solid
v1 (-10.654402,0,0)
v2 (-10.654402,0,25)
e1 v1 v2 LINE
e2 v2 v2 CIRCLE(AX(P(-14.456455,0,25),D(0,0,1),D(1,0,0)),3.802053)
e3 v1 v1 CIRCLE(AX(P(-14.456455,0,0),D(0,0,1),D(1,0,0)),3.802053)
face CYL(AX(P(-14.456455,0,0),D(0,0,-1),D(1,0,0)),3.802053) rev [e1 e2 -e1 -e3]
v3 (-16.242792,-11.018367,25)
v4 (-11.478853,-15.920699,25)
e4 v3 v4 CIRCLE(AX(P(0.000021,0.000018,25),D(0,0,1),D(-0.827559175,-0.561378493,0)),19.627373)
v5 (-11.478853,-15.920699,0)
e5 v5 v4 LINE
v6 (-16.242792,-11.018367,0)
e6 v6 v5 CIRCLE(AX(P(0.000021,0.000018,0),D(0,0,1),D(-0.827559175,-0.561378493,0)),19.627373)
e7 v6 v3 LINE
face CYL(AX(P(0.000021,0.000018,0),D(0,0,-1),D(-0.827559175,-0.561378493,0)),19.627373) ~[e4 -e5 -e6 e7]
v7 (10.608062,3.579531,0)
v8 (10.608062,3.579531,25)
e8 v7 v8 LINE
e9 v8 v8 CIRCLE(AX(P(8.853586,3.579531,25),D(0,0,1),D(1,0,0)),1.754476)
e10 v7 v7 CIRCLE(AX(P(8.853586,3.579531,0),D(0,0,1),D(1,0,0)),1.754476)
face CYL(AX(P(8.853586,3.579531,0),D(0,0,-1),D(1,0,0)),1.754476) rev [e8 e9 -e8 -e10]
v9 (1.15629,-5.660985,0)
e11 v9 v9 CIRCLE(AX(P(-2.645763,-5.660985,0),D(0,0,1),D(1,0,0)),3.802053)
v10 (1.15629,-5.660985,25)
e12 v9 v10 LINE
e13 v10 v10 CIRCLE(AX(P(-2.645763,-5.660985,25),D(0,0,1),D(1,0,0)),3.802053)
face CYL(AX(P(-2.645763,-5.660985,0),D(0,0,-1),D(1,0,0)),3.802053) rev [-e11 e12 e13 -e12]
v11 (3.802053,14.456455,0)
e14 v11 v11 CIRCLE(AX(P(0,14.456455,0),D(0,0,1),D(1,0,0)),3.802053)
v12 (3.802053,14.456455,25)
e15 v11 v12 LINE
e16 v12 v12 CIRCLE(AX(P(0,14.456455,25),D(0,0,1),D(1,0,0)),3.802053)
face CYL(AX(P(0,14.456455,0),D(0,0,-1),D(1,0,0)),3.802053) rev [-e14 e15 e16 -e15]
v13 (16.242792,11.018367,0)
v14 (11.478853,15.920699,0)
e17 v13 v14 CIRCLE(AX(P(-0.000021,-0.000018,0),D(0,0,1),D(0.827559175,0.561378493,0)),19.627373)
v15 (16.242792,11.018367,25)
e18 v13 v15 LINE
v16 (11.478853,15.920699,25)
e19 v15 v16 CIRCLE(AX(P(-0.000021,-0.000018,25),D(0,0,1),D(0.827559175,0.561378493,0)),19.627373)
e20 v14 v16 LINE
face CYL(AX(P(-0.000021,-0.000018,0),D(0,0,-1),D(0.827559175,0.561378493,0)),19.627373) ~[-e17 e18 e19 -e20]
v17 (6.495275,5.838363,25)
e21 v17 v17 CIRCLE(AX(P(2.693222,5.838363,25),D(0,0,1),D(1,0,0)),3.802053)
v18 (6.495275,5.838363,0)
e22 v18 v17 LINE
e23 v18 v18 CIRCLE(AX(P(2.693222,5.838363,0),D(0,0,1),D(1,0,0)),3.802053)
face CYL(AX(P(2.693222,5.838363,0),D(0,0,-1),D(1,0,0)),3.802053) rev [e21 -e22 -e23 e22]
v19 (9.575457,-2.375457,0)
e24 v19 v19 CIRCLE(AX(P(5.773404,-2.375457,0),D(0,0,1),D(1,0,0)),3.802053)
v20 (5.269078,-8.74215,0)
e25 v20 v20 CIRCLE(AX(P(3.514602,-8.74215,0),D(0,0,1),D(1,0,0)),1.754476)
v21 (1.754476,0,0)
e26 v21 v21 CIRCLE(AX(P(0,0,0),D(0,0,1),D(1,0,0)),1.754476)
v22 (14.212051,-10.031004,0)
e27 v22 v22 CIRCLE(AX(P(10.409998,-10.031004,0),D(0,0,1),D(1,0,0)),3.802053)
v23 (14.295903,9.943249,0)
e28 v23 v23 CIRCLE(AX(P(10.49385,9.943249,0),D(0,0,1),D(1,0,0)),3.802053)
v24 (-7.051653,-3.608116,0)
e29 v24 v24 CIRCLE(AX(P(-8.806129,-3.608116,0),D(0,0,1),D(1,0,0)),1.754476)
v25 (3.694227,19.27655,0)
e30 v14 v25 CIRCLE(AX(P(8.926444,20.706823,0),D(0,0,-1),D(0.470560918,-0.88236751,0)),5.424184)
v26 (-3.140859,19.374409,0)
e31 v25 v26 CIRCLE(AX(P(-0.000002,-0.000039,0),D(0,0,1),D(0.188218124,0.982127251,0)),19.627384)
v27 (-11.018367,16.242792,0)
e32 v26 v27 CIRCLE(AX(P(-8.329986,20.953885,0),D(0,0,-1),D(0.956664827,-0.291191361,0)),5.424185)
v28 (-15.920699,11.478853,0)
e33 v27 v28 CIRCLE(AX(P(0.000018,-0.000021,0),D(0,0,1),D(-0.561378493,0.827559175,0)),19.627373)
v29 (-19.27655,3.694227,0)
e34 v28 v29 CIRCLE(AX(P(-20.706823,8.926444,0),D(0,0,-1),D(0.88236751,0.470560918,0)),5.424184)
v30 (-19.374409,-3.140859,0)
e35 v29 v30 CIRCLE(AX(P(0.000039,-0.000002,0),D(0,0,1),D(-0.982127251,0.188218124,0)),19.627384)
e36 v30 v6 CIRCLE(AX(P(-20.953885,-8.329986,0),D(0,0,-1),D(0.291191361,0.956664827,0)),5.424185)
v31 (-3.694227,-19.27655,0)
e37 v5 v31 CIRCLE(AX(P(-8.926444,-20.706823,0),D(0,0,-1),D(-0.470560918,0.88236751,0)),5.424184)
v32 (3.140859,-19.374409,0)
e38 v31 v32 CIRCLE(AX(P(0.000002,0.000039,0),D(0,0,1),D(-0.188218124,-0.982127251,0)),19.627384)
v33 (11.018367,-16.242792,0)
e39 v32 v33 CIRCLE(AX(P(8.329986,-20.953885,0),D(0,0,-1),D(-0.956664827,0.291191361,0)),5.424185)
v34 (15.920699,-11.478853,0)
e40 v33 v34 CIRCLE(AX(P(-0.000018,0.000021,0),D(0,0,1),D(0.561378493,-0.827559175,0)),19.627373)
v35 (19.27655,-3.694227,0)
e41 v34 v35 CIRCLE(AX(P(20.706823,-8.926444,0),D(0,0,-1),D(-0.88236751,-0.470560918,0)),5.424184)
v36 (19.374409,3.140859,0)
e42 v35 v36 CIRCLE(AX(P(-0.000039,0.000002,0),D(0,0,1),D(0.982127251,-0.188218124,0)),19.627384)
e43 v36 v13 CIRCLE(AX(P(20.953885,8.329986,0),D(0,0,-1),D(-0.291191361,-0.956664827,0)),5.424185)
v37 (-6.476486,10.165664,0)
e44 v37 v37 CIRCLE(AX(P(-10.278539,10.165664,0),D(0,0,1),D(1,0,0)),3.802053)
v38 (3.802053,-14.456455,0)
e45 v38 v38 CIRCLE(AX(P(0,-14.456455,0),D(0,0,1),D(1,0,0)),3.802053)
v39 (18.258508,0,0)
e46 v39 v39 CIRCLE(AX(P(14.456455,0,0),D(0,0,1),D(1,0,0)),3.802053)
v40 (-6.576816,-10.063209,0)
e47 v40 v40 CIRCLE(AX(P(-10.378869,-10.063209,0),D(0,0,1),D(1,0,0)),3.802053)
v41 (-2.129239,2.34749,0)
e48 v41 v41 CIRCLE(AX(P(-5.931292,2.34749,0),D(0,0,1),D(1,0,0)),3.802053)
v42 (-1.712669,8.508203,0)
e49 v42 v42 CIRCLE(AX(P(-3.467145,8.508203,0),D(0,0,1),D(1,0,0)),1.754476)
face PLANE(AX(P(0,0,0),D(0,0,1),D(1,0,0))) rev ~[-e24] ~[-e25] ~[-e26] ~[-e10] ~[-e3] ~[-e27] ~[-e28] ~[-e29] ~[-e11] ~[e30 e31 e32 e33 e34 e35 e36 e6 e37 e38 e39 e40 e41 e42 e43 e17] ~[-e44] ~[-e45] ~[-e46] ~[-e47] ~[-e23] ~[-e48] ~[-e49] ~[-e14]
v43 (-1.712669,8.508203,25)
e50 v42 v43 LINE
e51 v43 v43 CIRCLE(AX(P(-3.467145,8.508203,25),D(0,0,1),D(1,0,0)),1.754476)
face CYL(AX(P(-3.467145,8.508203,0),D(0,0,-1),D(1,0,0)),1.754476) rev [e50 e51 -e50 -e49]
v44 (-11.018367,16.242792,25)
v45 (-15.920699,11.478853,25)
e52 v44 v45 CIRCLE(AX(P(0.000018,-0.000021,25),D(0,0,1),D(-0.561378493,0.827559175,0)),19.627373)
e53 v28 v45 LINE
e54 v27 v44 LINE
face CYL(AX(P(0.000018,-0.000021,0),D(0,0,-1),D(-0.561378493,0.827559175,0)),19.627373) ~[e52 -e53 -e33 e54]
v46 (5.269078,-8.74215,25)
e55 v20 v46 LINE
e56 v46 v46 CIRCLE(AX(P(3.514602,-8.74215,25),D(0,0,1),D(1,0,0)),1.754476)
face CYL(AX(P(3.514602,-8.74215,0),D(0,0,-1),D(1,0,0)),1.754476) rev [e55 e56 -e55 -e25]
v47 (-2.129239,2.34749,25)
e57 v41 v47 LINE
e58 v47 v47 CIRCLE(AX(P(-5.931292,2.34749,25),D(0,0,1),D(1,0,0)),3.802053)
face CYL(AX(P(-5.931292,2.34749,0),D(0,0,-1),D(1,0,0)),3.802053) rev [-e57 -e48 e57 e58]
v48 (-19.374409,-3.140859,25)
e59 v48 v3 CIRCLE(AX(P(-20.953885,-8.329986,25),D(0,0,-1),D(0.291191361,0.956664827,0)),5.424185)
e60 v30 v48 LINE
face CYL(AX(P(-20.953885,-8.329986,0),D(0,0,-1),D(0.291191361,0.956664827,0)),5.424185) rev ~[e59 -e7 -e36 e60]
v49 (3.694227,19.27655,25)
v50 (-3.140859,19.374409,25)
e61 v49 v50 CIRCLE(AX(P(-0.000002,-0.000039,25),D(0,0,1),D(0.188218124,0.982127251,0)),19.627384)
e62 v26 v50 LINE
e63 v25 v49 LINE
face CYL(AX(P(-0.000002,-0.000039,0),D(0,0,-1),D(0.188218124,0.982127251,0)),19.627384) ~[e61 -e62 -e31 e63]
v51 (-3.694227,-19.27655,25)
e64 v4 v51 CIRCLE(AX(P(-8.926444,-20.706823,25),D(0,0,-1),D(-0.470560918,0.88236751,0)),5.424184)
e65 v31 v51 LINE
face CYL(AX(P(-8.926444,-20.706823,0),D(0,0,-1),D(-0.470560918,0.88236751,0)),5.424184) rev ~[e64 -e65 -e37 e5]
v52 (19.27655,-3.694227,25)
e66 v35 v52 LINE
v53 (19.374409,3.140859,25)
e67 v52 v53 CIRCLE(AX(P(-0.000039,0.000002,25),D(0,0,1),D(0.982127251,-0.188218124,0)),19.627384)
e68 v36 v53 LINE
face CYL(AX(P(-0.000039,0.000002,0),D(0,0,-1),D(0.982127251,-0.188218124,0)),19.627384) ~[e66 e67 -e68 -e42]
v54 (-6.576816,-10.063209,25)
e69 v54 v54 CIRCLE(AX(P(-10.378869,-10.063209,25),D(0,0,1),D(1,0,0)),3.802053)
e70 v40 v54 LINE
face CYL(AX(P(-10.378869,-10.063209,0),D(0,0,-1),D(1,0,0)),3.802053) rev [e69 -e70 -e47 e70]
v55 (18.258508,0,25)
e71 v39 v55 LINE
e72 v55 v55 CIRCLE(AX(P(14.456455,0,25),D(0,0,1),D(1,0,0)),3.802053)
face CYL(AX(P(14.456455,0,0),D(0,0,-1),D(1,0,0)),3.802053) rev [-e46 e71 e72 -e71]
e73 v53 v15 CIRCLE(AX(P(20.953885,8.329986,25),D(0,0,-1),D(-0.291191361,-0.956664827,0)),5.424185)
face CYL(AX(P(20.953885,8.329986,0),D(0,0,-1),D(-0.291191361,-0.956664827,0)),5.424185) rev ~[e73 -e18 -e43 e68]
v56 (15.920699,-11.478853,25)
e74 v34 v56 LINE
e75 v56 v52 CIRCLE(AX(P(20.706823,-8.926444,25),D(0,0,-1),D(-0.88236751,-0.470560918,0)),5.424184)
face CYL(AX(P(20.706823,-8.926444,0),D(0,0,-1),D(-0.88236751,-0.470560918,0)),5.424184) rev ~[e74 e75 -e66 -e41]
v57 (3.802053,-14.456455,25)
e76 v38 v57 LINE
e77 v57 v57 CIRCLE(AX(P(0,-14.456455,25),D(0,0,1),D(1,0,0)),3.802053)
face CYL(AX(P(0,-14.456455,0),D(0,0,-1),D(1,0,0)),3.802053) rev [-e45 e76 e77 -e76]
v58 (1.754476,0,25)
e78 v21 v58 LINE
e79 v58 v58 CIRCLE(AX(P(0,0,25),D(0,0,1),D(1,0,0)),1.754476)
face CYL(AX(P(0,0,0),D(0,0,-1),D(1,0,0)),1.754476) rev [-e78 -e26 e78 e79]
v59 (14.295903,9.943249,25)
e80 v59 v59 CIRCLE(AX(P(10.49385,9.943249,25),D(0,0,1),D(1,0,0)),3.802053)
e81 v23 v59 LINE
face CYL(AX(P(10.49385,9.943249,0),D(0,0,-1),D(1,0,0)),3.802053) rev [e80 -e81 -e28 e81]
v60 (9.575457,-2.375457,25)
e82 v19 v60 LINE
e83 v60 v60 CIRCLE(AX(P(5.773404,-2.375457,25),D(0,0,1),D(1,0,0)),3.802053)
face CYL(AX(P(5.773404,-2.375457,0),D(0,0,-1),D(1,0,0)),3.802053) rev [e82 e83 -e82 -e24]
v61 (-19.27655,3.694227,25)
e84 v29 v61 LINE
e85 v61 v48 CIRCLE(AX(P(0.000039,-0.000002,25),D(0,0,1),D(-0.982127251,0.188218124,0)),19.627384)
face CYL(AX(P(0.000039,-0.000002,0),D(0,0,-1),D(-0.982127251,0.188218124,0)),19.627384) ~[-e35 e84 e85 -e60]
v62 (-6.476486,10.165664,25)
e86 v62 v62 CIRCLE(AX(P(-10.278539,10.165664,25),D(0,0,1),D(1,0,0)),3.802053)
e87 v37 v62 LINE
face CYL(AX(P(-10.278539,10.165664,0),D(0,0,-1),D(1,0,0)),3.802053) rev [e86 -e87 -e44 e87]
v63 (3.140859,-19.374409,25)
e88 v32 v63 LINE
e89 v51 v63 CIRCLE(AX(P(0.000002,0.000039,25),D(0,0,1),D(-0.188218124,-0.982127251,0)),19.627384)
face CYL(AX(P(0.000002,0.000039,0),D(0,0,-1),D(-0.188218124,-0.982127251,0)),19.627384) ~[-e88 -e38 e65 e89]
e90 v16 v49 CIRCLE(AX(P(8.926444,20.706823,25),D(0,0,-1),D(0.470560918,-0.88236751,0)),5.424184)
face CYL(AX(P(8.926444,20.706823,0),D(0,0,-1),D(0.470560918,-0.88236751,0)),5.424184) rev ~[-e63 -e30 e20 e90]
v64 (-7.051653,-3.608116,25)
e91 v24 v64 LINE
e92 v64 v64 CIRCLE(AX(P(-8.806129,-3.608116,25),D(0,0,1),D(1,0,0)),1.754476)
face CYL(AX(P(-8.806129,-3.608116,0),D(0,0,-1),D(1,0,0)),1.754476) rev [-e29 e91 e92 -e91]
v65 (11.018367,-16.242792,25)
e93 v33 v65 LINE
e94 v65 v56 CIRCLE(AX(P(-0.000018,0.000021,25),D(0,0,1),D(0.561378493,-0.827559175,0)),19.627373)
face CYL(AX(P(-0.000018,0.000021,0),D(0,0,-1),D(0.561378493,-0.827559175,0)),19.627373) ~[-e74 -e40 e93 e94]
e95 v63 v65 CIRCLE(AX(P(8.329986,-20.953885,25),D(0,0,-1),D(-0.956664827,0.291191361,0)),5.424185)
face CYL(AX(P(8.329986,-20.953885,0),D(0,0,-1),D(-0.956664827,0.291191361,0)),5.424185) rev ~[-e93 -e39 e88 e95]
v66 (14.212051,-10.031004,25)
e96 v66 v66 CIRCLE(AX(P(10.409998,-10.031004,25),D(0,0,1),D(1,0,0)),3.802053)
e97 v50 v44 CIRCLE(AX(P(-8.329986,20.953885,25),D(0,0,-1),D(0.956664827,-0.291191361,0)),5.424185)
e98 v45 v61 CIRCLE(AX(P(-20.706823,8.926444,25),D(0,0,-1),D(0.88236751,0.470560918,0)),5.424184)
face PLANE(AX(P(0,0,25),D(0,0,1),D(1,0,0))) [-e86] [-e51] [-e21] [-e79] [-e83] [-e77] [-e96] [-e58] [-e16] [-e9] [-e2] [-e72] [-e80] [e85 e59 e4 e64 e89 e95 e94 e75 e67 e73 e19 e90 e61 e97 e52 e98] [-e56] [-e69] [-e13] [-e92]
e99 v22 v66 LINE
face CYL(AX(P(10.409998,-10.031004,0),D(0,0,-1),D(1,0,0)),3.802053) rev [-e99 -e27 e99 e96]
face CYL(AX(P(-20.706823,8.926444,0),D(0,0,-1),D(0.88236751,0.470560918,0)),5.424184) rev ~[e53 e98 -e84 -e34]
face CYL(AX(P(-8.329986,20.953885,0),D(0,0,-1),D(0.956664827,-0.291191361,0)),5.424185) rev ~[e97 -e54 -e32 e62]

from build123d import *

# Parameters (mm, degrees)
F0_R     = 3.802053
F0_R_2   = 1.754476
F1_DEPTH = 25


with BuildPart() as f1:
    # F0 (on Top) → F1 (new body)
    with BuildSketch(Plane.XY):
        with BuildLine():
            ThreePointArc((11.478853, 15.920699), (6.779172, 15.725759), (3.694227, 19.27655))
            ThreePointArc((3.694227, 19.27655), (0.280977, 19.625334), (-3.140859, 19.374409))
            ThreePointArc((-3.140859, 19.374409), (-6.326193, 15.913389), (-11.018367, 16.242792))
            ThreePointArc((-11.018367, 16.242792), (-13.678526, 14.075888), (-15.920699, 11.478853))
            ThreePointArc((-15.920699, 11.478853), (-15.725759, 6.779172), (-19.27655, 3.694227))
            ThreePointArc((-19.27655, 3.694227), (-19.625334, 0.280977), (-19.374409, -3.140859))
            ThreePointArc((-19.374409, -3.140859), (-15.913389, -6.326193), (-16.242792, -11.018367))
            ThreePointArc((-16.242792, -11.018367), (-14.075888, -13.678526), (-11.478853, -15.920699))
            ThreePointArc((-11.478853, -15.920699), (-6.779172, -15.725759), (-3.694227, -19.27655))
            ThreePointArc((-3.694227, -19.27655), (-0.280977, -19.625334), (3.140859, -19.374409))
            ThreePointArc((3.140859, -19.374409), (6.326193, -15.913389), (11.018367, -16.242792))
            ThreePointArc((11.018367, -16.242792), (13.678526, -14.075888), (15.920699, -11.478853))
            ThreePointArc((15.920699, -11.478853), (15.725759, -6.779172), (19.27655, -3.694227))
            ThreePointArc((19.27655, -3.694227), (19.625334, -0.280977), (19.374409, 3.140859))
            ThreePointArc((19.374409, 3.140859), (15.913389, 6.326193), (16.242792, 11.018367))
            ThreePointArc((16.242792, 11.018367), (14.075888, 13.678526), (11.478853, 15.920699))
        make_face()
        with Locations((-10.378869, -10.063209)):
            Circle(F0_R, mode=Mode.SUBTRACT)
        with Locations((-2.645763, -5.660985)):
            Circle(F0_R, mode=Mode.SUBTRACT)
        with Locations((-8.806129, -3.608116)):
            Circle(F0_R_2, mode=Mode.SUBTRACT)
        with Locations((0, -14.456455)):
            Circle(F0_R, mode=Mode.SUBTRACT)
        with Locations((10.409998, -10.031004)):
            Circle(F0_R, mode=Mode.SUBTRACT)
        with Locations((3.514602, -8.74215)):
            Circle(F0_R_2, mode=Mode.SUBTRACT)
        with Locations((5.773404, -2.375457)):
            Circle(F0_R, mode=Mode.SUBTRACT)
        with Locations((-14.456455, 0)):
            Circle(F0_R, mode=Mode.SUBTRACT)
        with Locations((-5.931292, 2.34749)):
            Circle(F0_R, mode=Mode.SUBTRACT)
        with Locations((-3.467145, 8.508203)):
            Circle(F0_R_2, mode=Mode.SUBTRACT)
        with Locations((-10.278539, 10.165664)):
            Circle(F0_R, mode=Mode.SUBTRACT)
        Circle(F0_R_2, mode=Mode.SUBTRACT)
        with Locations((8.853586, 3.579531)):
            Circle(F0_R_2, mode=Mode.SUBTRACT)
        with Locations((2.693222, 5.838363)):
            Circle(F0_R, mode=Mode.SUBTRACT)
        with Locations((14.456455, 0)):
            Circle(F0_R, mode=Mode.SUBTRACT)
        with Locations((0, 14.456455)):
            Circle(F0_R, mode=Mode.SUBTRACT)
        with Locations((10.49385, 9.943249)):
            Circle(F0_R, mode=Mode.SUBTRACT)
    extrude(amount=F1_DEPTH)


solid = f1.part
